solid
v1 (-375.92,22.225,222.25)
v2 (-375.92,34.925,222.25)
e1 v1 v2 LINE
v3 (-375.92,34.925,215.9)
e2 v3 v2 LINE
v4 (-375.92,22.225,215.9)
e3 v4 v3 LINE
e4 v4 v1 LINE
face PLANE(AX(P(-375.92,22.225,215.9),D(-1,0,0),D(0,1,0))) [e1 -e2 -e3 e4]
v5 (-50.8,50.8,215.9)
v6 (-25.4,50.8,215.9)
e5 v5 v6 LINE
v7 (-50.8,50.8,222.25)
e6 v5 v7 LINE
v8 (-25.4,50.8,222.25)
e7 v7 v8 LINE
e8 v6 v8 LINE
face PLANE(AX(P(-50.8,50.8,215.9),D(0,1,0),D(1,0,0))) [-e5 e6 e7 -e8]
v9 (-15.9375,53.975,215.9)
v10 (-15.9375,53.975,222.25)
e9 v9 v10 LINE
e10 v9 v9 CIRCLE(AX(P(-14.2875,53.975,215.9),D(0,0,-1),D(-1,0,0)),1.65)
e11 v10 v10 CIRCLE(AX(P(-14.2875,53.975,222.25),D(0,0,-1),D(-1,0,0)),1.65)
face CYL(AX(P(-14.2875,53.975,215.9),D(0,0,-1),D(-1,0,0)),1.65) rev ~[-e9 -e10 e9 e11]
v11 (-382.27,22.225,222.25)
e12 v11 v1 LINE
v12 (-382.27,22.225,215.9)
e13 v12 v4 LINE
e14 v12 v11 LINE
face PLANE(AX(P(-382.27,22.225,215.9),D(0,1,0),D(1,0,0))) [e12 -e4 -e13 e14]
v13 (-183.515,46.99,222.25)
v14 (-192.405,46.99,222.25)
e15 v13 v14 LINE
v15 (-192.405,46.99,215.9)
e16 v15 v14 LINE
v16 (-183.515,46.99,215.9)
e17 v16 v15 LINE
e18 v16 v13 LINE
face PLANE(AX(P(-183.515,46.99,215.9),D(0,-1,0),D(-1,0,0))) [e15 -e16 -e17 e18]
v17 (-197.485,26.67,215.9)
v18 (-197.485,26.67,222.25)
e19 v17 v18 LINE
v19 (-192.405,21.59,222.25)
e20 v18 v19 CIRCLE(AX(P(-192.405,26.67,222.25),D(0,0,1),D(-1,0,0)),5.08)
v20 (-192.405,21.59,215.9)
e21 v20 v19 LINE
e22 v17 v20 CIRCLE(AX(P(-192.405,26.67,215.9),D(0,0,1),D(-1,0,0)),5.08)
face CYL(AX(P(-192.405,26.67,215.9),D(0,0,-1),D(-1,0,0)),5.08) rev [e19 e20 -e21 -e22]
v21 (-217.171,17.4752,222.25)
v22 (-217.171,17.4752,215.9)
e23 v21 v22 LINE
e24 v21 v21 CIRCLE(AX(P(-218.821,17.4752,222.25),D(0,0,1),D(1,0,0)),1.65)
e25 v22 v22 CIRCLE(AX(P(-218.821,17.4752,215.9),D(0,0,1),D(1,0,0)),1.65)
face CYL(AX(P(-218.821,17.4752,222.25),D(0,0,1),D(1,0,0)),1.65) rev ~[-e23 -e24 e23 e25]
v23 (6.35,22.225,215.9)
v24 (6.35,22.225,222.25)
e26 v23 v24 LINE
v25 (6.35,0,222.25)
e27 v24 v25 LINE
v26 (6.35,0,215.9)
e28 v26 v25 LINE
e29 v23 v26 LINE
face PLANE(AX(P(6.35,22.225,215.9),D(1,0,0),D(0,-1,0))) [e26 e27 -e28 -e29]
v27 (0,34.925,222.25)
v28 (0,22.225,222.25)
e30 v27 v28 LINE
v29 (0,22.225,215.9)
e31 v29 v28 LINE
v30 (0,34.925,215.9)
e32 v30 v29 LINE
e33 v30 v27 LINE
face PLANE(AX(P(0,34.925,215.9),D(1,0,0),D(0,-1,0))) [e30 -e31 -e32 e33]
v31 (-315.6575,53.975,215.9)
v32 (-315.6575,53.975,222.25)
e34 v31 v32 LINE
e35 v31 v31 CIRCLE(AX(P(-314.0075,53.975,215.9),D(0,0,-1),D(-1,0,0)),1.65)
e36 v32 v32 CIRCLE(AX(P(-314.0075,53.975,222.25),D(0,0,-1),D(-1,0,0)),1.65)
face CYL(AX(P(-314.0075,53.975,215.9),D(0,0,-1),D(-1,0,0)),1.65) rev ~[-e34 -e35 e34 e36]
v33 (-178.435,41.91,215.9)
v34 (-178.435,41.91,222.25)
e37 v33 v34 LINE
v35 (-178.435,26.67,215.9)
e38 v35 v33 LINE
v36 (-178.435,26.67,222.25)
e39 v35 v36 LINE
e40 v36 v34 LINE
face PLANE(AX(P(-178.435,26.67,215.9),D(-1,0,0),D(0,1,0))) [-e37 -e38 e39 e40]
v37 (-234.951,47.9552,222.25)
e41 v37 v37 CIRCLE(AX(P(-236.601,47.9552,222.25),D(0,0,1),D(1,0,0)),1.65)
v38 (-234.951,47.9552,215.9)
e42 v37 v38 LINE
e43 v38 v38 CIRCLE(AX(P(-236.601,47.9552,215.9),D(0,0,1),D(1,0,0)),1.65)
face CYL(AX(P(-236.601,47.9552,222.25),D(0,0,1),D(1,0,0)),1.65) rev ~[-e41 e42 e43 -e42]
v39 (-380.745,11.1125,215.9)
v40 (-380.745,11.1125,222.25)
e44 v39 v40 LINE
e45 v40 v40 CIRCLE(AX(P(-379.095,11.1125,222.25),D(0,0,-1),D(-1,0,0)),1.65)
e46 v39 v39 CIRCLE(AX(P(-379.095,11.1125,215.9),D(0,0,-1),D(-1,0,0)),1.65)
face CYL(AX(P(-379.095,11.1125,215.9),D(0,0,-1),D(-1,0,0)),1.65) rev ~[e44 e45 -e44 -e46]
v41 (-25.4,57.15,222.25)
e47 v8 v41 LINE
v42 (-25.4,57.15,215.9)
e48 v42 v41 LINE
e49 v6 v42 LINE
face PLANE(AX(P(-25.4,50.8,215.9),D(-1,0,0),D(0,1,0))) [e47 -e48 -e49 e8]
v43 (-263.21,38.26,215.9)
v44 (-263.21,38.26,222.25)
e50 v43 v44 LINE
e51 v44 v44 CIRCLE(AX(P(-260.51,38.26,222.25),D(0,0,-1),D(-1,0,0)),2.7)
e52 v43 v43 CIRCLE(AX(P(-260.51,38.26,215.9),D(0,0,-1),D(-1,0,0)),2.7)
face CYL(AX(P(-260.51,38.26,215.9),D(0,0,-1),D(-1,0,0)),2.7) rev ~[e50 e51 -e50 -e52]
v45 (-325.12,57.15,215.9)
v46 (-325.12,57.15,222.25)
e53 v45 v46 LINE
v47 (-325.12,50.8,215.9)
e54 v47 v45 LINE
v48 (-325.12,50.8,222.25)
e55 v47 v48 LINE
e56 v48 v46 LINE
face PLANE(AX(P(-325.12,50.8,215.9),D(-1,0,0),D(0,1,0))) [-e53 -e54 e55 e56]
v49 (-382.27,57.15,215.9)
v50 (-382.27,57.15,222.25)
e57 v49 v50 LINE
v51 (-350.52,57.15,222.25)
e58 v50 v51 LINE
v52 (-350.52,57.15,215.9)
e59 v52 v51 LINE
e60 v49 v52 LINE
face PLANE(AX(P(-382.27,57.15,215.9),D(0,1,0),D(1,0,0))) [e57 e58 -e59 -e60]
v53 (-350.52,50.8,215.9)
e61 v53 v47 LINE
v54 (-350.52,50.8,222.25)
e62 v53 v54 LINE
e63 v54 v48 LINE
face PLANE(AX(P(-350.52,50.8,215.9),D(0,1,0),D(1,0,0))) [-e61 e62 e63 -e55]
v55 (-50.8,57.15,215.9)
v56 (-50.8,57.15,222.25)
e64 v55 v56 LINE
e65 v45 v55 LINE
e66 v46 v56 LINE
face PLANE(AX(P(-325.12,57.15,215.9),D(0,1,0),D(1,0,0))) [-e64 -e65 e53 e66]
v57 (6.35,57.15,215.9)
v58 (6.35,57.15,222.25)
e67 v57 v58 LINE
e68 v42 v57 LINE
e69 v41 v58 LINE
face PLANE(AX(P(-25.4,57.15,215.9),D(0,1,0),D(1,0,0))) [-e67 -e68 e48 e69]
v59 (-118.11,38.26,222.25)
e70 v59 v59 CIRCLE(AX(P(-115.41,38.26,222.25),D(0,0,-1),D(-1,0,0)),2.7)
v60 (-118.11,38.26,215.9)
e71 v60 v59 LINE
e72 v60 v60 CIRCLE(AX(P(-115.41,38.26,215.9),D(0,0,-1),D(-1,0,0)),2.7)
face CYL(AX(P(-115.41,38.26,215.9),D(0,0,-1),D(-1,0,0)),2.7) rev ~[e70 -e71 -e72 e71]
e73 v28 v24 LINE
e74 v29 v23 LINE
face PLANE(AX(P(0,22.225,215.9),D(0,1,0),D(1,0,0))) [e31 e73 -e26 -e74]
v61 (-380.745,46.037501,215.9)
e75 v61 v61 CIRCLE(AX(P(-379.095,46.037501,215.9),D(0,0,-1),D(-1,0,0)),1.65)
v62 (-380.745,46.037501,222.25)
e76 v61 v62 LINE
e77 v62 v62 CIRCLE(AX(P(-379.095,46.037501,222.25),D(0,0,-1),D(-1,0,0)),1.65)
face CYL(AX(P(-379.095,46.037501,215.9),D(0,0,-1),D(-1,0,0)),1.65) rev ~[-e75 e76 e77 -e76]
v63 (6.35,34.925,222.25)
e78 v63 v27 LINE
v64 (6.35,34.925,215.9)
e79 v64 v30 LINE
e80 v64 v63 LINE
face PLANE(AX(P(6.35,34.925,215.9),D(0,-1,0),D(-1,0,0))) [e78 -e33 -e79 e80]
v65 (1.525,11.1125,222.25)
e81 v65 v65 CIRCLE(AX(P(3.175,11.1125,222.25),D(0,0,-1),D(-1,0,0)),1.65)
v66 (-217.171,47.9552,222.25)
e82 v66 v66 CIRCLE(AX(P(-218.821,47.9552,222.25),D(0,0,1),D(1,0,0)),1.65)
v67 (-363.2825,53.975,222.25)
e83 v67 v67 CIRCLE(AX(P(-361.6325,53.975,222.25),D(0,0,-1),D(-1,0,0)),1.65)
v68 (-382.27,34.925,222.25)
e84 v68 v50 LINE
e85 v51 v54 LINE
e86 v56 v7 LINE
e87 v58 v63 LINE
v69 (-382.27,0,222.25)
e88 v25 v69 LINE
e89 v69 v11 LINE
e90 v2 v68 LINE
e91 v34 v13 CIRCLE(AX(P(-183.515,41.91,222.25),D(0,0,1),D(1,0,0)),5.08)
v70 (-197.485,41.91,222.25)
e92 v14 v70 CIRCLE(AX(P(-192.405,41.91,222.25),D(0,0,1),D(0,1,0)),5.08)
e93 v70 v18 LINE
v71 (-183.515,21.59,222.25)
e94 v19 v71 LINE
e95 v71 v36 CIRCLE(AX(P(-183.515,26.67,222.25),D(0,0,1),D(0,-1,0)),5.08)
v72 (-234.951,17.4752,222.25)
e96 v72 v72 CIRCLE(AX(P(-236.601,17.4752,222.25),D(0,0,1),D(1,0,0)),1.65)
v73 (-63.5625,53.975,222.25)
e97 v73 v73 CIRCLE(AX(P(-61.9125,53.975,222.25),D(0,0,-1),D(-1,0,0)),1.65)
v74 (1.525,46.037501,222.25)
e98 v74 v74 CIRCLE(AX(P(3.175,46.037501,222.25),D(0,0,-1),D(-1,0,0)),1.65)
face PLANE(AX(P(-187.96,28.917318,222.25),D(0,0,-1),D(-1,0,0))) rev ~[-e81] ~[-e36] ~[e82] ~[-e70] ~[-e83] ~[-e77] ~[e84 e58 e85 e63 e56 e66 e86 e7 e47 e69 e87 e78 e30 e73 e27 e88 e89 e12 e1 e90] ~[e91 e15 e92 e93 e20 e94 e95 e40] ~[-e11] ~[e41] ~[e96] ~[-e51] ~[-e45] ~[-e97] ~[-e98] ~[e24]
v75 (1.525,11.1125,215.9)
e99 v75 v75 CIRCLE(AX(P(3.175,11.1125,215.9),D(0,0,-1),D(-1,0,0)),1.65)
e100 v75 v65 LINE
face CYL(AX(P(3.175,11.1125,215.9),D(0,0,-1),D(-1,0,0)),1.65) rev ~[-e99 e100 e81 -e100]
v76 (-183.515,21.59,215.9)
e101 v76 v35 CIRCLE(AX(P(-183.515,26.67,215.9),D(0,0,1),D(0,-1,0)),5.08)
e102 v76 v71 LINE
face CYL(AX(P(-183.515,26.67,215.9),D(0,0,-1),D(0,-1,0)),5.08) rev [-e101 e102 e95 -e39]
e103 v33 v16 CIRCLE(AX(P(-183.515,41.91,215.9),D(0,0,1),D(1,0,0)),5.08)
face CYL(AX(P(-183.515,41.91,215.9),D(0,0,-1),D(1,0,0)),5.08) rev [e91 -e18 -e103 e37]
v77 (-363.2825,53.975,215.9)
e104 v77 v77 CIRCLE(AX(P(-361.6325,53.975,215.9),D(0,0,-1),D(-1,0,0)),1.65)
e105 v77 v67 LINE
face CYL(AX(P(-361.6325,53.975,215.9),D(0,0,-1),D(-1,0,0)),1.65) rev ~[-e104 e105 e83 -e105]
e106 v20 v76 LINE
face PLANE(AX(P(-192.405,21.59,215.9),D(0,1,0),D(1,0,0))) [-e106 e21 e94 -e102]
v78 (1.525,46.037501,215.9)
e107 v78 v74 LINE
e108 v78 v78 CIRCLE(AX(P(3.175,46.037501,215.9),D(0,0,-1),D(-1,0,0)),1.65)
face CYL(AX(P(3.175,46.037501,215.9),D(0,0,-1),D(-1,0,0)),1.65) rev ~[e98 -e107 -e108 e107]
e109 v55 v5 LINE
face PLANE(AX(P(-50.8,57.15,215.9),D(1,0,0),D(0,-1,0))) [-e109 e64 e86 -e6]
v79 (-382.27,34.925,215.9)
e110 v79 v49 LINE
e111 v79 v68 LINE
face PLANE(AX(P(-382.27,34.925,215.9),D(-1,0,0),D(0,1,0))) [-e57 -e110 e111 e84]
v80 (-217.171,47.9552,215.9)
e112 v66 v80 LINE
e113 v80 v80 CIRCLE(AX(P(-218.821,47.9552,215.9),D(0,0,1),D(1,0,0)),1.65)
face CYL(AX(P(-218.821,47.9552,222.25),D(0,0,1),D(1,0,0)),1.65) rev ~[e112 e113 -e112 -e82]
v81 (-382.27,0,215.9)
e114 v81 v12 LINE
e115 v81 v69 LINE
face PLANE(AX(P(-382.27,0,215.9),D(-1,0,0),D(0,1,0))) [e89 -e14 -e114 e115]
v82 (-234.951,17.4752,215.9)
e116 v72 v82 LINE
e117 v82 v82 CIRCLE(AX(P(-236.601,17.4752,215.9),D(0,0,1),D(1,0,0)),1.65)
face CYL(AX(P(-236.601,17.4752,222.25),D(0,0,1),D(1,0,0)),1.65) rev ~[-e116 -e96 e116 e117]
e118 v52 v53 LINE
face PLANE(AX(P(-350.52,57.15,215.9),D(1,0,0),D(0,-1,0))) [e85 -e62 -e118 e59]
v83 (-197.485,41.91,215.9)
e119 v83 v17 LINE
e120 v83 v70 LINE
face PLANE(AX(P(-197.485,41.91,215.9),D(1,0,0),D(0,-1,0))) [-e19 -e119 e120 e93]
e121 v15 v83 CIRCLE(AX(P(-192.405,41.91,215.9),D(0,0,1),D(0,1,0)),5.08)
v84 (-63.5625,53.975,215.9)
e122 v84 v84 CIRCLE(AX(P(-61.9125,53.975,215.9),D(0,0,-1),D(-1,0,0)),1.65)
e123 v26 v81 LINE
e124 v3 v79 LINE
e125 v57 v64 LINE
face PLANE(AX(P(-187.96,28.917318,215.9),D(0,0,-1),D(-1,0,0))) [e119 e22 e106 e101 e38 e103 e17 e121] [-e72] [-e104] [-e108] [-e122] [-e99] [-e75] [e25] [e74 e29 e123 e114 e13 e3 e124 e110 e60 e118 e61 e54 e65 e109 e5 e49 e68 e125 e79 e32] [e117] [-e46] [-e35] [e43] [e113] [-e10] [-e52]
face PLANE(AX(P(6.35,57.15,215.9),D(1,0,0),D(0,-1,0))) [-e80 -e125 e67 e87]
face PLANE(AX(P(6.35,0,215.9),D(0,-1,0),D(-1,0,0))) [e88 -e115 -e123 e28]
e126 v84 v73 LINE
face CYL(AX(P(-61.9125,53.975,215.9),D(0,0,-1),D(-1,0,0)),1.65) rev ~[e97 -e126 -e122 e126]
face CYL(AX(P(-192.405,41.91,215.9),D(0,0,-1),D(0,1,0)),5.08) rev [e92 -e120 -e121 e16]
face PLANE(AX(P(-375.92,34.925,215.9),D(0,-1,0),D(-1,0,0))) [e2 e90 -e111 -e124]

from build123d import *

# Parameters (mm, degrees)
SKETCH1_R           = 1.65
SKETCH1_R_2         = 2.7
BOSS_EXTRUDE1_DEPTH = 6.35
CUT_EXTRUDE1_REACH  = 8.35
SKETCH2_R           = 1.65


with BuildPart() as part:
    # Sketch1 → Boss-Extrude1 (new body)
    with BuildSketch(Plane(origin=(0, 0, 215.9), x_dir=(-1, 0, 0), z_dir=(0, 0, -1))):
        Polygon((50.8, 57.15), (50.8, 50.8), (25.4, 50.8), (25.4, 57.15), (-6.35, 57.15), (-6.35, 34.925), (0, 34.925), (0, 22.225), (-6.35, 22.225), (-6.35, 0), (382.27, 0), (382.27, 22.225), (375.92, 22.225), (375.92, 34.925), (382.27, 34.925), (382.27, 57.15), (350.52, 57.15), (350.52, 50.8), (325.12, 50.8), (325.12, 57.15), align=None)
        with Locations((379.095, 11.1125)):
            Circle(SKETCH1_R, mode=Mode.SUBTRACT)
        with Locations((-3.175, 11.1125)):
            Circle(SKETCH1_R, mode=Mode.SUBTRACT)
        with Locations((379.095, 46.037500912)):
            Circle(SKETCH1_R, mode=Mode.SUBTRACT)
        with Locations((-3.175, 46.037500912)):
            Circle(SKETCH1_R, mode=Mode.SUBTRACT)
        with Locations((314.0075, 53.975)):
            Circle(SKETCH1_R, mode=Mode.SUBTRACT)
        with Locations((61.9125, 53.975)):
            Circle(SKETCH1_R, mode=Mode.SUBTRACT)
        with Locations((361.6325, 53.975)):
            Circle(SKETCH1_R, mode=Mode.SUBTRACT)
        with Locations((14.2875, 53.975)):
            Circle(SKETCH1_R, mode=Mode.SUBTRACT)
        with Locations((260.51, 38.26)):
            Circle(SKETCH1_R_2, mode=Mode.SUBTRACT)
        with Locations((115.41, 38.26)):
            Circle(SKETCH1_R_2, mode=Mode.SUBTRACT)
        with BuildLine():
            Line((192.405, 21.59), (183.515, 21.59))
            ThreePointArc((183.515, 21.59), (179.922897552, 23.077897552), (178.435, 26.67))
            Line((178.435, 26.67), (178.435, 41.91))
            ThreePointArc((178.435, 41.91), (179.922897552, 45.502102448), (183.515, 46.99))
            Line((183.515, 46.99), (192.405, 46.99))
            ThreePointArc((192.405, 46.99), (195.997102448, 45.502102448), (197.485, 41.91))
            Line((197.485, 41.91), (197.485, 26.67))
            ThreePointArc((197.485, 26.67), (195.997102448, 23.077897552), (192.405, 21.59))
        make_face(mode=Mode.SUBTRACT)
    extrude(amount=-BOSS_EXTRUDE1_DEPTH)

    # Sketch2 → Cut-Extrude1 (cut, up to next)
    with BuildSketch(Plane.XY.offset(222.25), mode=Mode.PRIVATE) as cut_extrude1_sk1:
        with Locations((-218.821, 47.9552)):
            Circle(SKETCH2_R)
    cut_extrude1_tool1 = extrude(cut_extrude1_sk1.sketch, amount=-CUT_EXTRUDE1_REACH, mode=Mode.PRIVATE) & part.part
    add(cut_extrude1_tool1.solids().sort_by_distance((-218.821, 47.9552, 222.25))[0], mode=Mode.SUBTRACT)
    # Sketch2 → Cut-Extrude1 (cut, up to next)
    with BuildSketch(Plane.XY.offset(222.25), mode=Mode.PRIVATE) as cut_extrude1_sk2:
        with Locations((-236.601, 47.9552)):
            Circle(SKETCH2_R)
    cut_extrude1_tool2 = extrude(cut_extrude1_sk2.sketch, amount=-CUT_EXTRUDE1_REACH, mode=Mode.PRIVATE) & part.part
    add(cut_extrude1_tool2.solids().sort_by_distance((-236.601, 47.9552, 222.25))[0], mode=Mode.SUBTRACT)
    # Sketch2 → Cut-Extrude1 (cut, up to next)
    with BuildSketch(Plane.XY.offset(222.25), mode=Mode.PRIVATE) as cut_extrude1_sk3:
        with Locations((-236.601, 17.4752)):
            Circle(SKETCH2_R)
    cut_extrude1_tool3 = extrude(cut_extrude1_sk3.sketch, amount=-CUT_EXTRUDE1_REACH, mode=Mode.PRIVATE) & part.part
    add(cut_extrude1_tool3.solids().sort_by_distance((-236.601, 17.4752, 222.25))[0], mode=Mode.SUBTRACT)
    # Sketch2 → Cut-Extrude1 (cut, up to next)
    with BuildSketch(Plane.XY.offset(222.25), mode=Mode.PRIVATE) as cut_extrude1_sk4:
        with Locations((-218.821, 17.4752)):
            Circle(SKETCH2_R)
    cut_extrude1_tool4 = extrude(cut_extrude1_sk4.sketch, amount=-CUT_EXTRUDE1_REACH, mode=Mode.PRIVATE) & part.part
    add(cut_extrude1_tool4.solids().sort_by_distance((-218.821, 17.4752, 222.25))[0], mode=Mode.SUBTRACT)


solid = part.part
